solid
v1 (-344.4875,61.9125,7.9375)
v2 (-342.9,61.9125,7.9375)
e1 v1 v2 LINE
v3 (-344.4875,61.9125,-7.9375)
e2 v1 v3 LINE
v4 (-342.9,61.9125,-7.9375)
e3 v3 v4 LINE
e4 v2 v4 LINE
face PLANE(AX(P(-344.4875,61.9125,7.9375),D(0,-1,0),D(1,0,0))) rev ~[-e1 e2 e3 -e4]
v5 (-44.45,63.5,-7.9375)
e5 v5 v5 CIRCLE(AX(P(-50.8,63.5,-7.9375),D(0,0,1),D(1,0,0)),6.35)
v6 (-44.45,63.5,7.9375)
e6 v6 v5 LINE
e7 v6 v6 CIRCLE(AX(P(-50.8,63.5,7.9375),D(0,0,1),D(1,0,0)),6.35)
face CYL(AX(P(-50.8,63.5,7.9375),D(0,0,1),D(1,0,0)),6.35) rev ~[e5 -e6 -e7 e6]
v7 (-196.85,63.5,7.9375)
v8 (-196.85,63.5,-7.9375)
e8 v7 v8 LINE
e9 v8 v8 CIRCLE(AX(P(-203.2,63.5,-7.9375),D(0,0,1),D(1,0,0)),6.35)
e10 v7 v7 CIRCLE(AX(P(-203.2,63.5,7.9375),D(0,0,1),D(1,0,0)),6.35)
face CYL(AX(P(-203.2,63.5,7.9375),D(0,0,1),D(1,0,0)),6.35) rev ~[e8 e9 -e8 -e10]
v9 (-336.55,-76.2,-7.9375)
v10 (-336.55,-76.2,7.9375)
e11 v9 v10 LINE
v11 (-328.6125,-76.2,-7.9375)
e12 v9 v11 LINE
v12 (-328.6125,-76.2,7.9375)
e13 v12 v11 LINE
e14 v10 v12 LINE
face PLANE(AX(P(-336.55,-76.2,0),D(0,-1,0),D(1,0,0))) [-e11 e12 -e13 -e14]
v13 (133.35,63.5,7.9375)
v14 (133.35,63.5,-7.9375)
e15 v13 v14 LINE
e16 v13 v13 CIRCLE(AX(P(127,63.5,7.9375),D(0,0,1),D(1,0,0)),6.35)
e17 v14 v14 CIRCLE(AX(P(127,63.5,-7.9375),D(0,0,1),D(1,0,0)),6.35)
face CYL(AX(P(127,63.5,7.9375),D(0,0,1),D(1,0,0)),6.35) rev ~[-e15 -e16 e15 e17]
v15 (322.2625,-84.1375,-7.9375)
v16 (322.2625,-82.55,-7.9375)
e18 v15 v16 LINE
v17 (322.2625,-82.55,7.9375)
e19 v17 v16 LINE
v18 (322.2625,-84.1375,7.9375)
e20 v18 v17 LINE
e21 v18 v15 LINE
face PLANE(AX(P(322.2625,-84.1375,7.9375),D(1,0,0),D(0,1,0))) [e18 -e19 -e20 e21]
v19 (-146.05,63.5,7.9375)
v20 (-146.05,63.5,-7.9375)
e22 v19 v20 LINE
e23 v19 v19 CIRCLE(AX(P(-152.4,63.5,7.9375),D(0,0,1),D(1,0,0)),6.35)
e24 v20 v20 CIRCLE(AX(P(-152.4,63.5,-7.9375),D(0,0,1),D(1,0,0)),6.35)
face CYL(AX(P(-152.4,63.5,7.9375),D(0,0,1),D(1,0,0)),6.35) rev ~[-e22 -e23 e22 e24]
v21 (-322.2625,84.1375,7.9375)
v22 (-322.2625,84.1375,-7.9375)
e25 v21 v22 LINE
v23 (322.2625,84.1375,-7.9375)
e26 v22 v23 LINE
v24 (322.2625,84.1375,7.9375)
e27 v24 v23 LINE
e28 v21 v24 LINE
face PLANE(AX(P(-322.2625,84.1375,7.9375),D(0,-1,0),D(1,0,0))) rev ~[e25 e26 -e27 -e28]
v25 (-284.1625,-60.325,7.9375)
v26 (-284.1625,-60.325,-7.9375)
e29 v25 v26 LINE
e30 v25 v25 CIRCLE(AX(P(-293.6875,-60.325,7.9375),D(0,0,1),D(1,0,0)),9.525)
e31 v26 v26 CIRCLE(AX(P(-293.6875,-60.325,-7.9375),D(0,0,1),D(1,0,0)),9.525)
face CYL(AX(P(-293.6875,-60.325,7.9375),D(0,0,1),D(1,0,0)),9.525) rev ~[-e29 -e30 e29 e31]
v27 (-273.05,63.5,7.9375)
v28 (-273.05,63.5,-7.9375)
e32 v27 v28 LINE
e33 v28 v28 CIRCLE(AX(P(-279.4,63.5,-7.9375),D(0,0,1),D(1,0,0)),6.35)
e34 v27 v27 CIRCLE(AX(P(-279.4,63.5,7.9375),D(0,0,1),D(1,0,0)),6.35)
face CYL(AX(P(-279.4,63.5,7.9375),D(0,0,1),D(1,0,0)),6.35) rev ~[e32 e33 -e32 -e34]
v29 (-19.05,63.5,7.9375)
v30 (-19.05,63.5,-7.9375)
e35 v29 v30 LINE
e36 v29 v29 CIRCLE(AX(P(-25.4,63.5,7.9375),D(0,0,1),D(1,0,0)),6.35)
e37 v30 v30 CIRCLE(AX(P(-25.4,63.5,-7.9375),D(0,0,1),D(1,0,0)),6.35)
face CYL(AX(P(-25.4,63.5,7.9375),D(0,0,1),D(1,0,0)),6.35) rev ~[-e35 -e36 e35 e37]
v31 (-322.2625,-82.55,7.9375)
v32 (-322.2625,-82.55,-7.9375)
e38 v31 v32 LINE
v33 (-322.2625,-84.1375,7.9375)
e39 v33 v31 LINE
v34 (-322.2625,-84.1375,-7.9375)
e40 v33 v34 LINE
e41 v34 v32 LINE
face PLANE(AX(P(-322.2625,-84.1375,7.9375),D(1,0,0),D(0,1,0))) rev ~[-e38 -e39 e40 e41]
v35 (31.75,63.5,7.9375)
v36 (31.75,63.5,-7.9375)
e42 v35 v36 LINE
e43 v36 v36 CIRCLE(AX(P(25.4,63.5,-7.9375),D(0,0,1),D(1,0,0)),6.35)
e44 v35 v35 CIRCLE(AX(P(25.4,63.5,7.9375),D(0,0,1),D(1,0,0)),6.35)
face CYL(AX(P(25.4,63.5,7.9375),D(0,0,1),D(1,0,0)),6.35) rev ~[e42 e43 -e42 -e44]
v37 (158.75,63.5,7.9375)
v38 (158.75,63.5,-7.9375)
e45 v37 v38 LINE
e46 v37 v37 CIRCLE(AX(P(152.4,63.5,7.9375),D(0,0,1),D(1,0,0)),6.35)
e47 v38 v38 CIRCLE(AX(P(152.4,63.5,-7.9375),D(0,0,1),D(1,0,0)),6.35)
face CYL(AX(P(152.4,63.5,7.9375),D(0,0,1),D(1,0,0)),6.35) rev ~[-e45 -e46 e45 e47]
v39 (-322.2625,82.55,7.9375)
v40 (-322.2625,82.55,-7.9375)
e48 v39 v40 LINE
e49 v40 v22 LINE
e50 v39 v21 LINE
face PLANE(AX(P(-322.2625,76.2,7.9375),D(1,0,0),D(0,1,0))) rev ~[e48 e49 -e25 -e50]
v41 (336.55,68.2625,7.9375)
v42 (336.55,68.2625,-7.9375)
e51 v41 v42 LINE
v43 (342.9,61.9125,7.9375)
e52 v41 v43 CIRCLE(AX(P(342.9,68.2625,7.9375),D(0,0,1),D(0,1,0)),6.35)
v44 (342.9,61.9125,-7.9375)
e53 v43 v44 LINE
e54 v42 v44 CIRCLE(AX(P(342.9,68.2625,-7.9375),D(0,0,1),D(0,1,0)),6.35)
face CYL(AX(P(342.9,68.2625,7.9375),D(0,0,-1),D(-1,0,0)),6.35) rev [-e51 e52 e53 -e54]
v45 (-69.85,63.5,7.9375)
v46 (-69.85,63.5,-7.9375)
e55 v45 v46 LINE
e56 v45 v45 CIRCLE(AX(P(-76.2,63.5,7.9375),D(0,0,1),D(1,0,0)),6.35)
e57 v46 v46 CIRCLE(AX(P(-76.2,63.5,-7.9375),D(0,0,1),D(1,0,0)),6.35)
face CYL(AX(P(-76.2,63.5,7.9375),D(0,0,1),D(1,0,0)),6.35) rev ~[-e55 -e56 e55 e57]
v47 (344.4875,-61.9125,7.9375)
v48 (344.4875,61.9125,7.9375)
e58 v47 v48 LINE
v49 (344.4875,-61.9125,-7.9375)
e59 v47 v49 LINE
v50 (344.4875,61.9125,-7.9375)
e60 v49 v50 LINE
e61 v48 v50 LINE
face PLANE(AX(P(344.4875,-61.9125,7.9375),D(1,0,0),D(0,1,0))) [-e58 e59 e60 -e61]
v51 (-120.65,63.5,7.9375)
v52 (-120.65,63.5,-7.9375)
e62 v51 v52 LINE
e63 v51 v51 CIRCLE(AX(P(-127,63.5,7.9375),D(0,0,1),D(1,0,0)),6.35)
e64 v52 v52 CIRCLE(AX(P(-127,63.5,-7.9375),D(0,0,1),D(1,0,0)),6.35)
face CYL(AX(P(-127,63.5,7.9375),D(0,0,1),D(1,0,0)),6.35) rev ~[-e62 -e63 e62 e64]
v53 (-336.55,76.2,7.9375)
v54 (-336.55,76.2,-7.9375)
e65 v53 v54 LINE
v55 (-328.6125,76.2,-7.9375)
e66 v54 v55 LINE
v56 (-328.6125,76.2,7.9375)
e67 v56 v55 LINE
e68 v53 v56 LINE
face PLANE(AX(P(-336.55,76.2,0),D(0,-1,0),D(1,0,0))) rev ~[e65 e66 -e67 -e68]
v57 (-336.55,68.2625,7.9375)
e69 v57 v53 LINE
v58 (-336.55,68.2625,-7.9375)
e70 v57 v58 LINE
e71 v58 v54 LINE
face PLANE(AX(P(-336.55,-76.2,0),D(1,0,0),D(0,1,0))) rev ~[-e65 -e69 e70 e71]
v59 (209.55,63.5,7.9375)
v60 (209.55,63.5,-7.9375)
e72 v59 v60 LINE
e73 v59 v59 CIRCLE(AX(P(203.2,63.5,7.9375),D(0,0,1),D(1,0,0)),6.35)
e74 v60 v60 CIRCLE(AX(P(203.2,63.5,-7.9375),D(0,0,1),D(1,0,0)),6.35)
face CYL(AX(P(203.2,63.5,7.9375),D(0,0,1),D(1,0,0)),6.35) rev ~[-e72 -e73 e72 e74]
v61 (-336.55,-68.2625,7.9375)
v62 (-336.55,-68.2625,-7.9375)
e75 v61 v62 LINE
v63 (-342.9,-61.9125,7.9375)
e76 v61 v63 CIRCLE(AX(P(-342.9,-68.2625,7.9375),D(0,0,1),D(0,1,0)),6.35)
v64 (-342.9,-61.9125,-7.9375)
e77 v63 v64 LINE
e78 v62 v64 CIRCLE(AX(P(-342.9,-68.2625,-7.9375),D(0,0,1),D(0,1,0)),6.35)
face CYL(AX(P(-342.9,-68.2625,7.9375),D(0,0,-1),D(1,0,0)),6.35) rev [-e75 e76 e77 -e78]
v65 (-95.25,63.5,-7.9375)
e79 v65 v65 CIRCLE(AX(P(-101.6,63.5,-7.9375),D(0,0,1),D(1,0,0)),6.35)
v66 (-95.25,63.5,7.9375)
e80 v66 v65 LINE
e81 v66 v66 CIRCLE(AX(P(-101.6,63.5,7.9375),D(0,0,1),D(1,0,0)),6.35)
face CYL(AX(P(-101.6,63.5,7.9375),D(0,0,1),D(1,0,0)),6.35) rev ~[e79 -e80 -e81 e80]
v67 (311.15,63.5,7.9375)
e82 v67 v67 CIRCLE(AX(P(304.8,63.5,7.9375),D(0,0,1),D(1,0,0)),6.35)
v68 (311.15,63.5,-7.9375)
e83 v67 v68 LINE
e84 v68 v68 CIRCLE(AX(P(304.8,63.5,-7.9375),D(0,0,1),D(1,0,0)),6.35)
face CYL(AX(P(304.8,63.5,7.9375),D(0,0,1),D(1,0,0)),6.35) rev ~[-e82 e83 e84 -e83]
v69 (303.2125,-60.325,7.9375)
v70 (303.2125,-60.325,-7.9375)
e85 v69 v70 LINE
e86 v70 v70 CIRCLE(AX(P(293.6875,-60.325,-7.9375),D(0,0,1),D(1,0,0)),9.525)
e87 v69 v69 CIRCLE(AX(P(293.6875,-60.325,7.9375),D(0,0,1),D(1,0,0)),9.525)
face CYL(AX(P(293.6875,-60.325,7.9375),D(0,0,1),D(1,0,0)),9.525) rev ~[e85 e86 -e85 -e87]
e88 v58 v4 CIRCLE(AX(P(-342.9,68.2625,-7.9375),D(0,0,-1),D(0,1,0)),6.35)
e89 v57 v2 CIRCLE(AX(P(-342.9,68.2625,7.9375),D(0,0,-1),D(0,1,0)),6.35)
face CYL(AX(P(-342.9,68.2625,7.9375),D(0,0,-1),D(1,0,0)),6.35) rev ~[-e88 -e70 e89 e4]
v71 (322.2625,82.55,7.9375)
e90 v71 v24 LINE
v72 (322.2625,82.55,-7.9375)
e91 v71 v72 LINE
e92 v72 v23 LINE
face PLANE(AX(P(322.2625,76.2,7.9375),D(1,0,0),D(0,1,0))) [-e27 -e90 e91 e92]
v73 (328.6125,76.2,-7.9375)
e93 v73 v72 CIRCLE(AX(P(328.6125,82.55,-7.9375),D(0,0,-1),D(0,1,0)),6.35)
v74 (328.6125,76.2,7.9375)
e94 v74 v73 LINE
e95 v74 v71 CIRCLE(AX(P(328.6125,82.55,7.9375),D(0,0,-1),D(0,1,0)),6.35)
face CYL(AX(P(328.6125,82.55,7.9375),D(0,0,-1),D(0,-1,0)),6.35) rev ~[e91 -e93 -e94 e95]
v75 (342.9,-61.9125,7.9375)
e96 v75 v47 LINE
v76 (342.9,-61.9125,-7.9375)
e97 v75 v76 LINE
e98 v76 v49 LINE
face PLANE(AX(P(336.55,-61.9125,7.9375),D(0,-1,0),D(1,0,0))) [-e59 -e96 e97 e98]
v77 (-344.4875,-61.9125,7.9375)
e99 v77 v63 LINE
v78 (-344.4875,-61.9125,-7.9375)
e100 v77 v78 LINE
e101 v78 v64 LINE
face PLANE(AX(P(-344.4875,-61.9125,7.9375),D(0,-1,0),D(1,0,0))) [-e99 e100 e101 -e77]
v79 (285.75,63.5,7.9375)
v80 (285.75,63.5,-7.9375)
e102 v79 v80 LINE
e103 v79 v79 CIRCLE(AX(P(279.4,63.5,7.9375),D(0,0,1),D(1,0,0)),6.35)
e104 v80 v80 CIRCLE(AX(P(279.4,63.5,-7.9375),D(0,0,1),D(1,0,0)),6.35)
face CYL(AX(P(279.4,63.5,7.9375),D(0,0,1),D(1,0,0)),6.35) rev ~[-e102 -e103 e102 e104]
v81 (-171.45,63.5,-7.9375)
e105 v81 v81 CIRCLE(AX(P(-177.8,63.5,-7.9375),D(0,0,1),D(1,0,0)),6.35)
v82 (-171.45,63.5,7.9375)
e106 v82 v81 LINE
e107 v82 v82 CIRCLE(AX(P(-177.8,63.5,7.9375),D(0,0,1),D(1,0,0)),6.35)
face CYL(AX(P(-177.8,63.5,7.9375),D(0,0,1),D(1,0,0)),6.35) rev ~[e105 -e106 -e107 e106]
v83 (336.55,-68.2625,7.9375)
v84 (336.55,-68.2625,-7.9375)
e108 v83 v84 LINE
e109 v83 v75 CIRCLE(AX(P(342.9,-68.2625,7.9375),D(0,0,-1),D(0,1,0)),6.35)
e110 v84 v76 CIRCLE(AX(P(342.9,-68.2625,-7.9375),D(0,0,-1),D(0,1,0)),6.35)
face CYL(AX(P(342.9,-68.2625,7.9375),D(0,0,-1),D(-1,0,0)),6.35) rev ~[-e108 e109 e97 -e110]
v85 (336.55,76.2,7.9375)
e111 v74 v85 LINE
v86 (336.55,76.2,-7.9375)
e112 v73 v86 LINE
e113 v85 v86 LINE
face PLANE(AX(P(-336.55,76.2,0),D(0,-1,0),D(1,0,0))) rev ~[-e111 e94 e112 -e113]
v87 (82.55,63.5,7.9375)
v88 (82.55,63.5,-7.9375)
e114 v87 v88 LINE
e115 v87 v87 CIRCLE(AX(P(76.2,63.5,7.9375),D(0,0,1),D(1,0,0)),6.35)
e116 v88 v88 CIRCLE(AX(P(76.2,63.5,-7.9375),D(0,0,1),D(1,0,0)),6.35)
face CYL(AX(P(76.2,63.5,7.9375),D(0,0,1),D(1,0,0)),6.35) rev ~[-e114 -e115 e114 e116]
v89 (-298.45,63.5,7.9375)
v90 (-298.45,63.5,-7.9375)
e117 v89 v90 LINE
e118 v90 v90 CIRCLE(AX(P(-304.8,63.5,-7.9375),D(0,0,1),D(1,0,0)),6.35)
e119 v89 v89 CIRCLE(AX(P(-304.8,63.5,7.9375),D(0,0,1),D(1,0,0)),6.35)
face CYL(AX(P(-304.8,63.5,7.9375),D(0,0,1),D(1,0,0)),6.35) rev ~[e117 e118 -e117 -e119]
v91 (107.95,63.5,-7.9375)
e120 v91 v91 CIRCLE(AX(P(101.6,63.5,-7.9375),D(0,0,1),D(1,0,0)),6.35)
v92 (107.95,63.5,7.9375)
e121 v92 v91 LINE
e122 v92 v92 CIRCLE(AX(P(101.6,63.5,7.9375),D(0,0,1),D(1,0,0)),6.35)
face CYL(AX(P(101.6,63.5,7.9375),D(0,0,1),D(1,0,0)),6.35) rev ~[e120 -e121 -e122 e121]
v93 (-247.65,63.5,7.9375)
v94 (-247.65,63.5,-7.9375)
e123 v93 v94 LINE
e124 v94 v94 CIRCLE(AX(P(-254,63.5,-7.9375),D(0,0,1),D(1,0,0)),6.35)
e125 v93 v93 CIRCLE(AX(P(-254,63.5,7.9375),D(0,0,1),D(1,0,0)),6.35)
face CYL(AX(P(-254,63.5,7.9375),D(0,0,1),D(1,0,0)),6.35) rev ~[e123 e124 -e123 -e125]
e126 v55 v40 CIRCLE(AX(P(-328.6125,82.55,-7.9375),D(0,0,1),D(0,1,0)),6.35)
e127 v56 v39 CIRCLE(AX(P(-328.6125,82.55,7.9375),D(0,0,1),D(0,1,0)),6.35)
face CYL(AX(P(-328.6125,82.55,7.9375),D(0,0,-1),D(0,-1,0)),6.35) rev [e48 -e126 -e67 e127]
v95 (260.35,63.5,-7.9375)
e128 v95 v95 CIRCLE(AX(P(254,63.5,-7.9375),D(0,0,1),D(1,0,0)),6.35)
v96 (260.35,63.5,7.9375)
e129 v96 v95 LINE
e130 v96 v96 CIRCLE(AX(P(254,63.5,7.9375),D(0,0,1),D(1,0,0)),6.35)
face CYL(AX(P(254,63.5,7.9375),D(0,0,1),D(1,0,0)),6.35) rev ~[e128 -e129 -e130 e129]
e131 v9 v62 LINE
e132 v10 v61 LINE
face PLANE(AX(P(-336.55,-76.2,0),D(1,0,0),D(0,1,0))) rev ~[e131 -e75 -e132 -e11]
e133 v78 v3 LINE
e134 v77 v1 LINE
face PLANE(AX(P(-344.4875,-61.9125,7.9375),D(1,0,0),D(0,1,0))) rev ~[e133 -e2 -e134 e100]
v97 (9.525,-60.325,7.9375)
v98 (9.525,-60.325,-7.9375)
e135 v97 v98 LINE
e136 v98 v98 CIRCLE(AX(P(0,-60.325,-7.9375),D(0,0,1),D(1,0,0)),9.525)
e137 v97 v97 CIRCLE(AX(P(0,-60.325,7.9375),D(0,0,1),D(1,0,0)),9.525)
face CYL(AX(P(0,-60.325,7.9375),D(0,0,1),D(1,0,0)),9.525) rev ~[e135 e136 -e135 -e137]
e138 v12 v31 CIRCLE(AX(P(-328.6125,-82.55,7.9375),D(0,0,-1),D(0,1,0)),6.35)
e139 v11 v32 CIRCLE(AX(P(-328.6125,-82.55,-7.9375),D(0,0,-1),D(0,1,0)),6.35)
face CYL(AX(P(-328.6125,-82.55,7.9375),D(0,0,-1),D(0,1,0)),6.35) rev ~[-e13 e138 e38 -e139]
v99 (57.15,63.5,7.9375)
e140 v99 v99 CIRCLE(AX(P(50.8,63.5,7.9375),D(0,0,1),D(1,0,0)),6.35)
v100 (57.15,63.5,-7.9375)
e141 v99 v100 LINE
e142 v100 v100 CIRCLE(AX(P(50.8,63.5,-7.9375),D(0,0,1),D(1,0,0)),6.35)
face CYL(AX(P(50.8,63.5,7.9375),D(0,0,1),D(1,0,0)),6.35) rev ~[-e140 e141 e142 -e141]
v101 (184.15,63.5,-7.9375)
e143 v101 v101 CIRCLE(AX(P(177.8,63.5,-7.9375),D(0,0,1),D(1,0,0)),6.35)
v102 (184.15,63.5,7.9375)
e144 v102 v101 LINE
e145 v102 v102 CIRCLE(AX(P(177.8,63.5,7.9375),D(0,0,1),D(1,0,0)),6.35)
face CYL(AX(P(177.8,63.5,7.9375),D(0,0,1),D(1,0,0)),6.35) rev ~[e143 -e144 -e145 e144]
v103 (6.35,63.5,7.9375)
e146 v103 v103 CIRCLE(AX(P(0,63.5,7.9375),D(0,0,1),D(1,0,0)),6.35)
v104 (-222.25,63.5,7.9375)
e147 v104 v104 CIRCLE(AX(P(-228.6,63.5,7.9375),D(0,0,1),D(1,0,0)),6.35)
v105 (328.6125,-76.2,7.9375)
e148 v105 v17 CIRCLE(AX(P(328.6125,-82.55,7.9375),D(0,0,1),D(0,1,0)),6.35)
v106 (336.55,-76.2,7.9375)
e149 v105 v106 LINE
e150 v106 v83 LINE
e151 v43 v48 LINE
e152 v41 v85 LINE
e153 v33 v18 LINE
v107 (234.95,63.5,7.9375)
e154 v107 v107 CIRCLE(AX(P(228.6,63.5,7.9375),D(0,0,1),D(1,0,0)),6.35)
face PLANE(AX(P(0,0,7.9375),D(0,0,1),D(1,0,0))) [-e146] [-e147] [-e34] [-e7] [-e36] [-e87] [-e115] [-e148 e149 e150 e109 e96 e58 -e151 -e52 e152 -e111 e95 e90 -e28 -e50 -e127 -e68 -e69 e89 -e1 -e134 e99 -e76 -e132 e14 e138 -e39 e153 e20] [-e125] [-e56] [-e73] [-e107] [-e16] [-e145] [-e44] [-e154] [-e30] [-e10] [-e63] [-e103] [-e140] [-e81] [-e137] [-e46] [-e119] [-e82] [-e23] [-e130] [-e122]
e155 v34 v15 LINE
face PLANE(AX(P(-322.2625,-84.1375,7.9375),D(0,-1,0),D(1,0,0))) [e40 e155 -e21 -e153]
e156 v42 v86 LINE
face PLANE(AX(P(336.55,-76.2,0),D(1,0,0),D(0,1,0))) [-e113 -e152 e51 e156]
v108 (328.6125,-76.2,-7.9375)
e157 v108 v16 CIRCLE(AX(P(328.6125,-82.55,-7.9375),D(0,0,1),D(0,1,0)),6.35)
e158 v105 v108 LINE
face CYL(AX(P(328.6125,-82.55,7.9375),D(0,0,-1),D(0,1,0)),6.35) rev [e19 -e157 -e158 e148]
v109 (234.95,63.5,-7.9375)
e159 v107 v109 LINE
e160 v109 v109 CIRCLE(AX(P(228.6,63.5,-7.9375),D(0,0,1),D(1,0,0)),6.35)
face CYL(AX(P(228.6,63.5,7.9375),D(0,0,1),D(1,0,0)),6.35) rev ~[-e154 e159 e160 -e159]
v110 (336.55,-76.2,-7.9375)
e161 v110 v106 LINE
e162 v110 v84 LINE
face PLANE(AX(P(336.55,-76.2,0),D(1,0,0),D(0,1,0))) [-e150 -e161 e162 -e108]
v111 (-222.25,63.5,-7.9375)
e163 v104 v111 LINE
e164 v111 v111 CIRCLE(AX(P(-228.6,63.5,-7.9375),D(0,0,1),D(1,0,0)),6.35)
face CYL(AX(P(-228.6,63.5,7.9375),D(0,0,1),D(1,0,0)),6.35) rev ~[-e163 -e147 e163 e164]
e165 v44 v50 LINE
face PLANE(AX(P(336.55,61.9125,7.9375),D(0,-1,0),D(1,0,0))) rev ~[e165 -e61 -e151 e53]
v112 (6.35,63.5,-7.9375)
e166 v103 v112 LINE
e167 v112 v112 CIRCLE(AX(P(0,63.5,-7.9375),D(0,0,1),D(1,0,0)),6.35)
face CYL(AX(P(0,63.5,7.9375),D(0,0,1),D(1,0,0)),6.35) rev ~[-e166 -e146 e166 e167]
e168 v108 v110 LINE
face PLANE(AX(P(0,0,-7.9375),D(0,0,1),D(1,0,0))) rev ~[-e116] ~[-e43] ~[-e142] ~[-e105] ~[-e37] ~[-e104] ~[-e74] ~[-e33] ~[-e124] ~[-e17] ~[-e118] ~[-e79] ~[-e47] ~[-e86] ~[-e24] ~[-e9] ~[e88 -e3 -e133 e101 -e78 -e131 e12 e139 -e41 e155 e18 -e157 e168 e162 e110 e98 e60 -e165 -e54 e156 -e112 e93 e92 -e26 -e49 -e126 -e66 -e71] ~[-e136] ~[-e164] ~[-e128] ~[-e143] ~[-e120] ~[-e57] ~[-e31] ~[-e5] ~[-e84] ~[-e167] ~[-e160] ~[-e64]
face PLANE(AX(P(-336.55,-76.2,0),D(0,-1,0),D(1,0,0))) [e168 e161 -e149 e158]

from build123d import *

# Parameters (mm, degrees)
SKETCH1_W               = 673.1
SKETCH1_H               = 152.4
BOSS_EXTRUDE1_DEPTH     = 7.9375
SKETCH2_W               = 7.9375
SKETCH2_H               = 123.825
SKETCH2_W_2             = 644.525
SKETCH2_H_2             = 7.9375
BOSS_EXTRUDE2_DEPTH     = 15.875
FILLET1_R               = 6.35
SKETCH3_R               = 9.525
SKETCH3_R_2             = 6.35
CUT_EXTRUDE1_DEPTH      = 1
CUT_EXTRUDE1_DEPTH_BACK = 16.875


with BuildPart() as part:
    # Sketch1 → Boss-Extrude1 (new body, symmetric)
    with BuildSketch(Plane.XY):
        Rectangle(SKETCH1_W, SKETCH1_H)
    extrude(amount=BOSS_EXTRUDE1_DEPTH, both=True)

    # Sketch2 → Boss-Extrude2 (add)
    with BuildSketch(Plane.XY.offset(7.9375)):
        with Locations((-340.51875, 0)):
            Rectangle(SKETCH2_W, SKETCH2_H)
        with Locations((0, 80.16875)):
            Rectangle(SKETCH2_W_2, SKETCH2_H_2)
        with Locations((0, -80.16875)):
            Rectangle(SKETCH2_W_2, SKETCH2_H_2)
        with Locations((340.51875, 0)):
            Rectangle(SKETCH2_W, SKETCH2_H)
    extrude(amount=-BOSS_EXTRUDE2_DEPTH)

    # Fillet1
    fillet1_edges = [part.edges().sort_by_distance(p)[0] for p in [
        (-336.55, -61.9125, 0),
        (-336.55, 61.9125, 0),
        (322.2625, 76.2, 0),
        (-322.2625, 76.2, 0),
        (322.2625, -76.2, 0),
        (-322.2625, -76.2, 0),
        (336.55, 61.9125, 0),
        (336.55, -61.9125, 0),
    ]]
    fillet(fillet1_edges, radius=FILLET1_R)

    # Sketch3 → Cut-Extrude1 (cut, two sides)
    with BuildSketch(Plane.XY.offset(7.9375)) as cut_extrude1_sk:
        with Locations((0, -60.325)):
            Circle(SKETCH3_R)
        with Locations((0, 63.5)):
            Circle(SKETCH3_R_2)
        with Locations((25.4, 63.5)):
            Circle(SKETCH3_R_2)
        with Locations((50.8, 63.5)):
            Circle(SKETCH3_R_2)
        with Locations((76.2, 63.5)):
            Circle(SKETCH3_R_2)
        with Locations((101.6, 63.5)):
            Circle(SKETCH3_R_2)
        with Locations((127, 63.5)):
            Circle(SKETCH3_R_2)
        with Locations((152.4, 63.5)):
            Circle(SKETCH3_R_2)
        with Locations((177.8, 63.5)):
            Circle(SKETCH3_R_2)
        with Locations((203.2, 63.5)):
            Circle(SKETCH3_R_2)
        with Locations((228.6, 63.5)):
            Circle(SKETCH3_R_2)
        with Locations((254, 63.5)):
            Circle(SKETCH3_R_2)
        with Locations((279.4, 63.5)):
            Circle(SKETCH3_R_2)
        with Locations((304.8, 63.5)):
            Circle(SKETCH3_R_2)
        with Locations((-25.4, 63.5)):
            Circle(SKETCH3_R_2)
        with Locations((-50.8, 63.5)):
            Circle(SKETCH3_R_2)
        with Locations((-76.2, 63.5)):
            Circle(SKETCH3_R_2)
        with Locations((-101.6, 63.5)):
            Circle(SKETCH3_R_2)
        with Locations((-127, 63.5)):
            Circle(SKETCH3_R_2)
        with Locations((-152.4, 63.5)):
            Circle(SKETCH3_R_2)
        with Locations((-177.8, 63.5)):
            Circle(SKETCH3_R_2)
        with Locations((-203.2, 63.5)):
            Circle(SKETCH3_R_2)
        with Locations((-228.6, 63.5)):
            Circle(SKETCH3_R_2)
        with Locations((-254, 63.5)):
            Circle(SKETCH3_R_2)
        with Locations((-279.4, 63.5)):
            Circle(SKETCH3_R_2)
        with Locations((-304.8, 63.5)):
            Circle(SKETCH3_R_2)
        with Locations((293.6875, -60.325)):
            Circle(SKETCH3_R)
        with Locations((-293.6875, -60.325)):
            Circle(SKETCH3_R)
    extrude(amount=CUT_EXTRUDE1_DEPTH, mode=Mode.SUBTRACT)
    extrude(cut_extrude1_sk.sketch, amount=-CUT_EXTRUDE1_DEPTH_BACK, mode=Mode.SUBTRACT)


solid = part.part
